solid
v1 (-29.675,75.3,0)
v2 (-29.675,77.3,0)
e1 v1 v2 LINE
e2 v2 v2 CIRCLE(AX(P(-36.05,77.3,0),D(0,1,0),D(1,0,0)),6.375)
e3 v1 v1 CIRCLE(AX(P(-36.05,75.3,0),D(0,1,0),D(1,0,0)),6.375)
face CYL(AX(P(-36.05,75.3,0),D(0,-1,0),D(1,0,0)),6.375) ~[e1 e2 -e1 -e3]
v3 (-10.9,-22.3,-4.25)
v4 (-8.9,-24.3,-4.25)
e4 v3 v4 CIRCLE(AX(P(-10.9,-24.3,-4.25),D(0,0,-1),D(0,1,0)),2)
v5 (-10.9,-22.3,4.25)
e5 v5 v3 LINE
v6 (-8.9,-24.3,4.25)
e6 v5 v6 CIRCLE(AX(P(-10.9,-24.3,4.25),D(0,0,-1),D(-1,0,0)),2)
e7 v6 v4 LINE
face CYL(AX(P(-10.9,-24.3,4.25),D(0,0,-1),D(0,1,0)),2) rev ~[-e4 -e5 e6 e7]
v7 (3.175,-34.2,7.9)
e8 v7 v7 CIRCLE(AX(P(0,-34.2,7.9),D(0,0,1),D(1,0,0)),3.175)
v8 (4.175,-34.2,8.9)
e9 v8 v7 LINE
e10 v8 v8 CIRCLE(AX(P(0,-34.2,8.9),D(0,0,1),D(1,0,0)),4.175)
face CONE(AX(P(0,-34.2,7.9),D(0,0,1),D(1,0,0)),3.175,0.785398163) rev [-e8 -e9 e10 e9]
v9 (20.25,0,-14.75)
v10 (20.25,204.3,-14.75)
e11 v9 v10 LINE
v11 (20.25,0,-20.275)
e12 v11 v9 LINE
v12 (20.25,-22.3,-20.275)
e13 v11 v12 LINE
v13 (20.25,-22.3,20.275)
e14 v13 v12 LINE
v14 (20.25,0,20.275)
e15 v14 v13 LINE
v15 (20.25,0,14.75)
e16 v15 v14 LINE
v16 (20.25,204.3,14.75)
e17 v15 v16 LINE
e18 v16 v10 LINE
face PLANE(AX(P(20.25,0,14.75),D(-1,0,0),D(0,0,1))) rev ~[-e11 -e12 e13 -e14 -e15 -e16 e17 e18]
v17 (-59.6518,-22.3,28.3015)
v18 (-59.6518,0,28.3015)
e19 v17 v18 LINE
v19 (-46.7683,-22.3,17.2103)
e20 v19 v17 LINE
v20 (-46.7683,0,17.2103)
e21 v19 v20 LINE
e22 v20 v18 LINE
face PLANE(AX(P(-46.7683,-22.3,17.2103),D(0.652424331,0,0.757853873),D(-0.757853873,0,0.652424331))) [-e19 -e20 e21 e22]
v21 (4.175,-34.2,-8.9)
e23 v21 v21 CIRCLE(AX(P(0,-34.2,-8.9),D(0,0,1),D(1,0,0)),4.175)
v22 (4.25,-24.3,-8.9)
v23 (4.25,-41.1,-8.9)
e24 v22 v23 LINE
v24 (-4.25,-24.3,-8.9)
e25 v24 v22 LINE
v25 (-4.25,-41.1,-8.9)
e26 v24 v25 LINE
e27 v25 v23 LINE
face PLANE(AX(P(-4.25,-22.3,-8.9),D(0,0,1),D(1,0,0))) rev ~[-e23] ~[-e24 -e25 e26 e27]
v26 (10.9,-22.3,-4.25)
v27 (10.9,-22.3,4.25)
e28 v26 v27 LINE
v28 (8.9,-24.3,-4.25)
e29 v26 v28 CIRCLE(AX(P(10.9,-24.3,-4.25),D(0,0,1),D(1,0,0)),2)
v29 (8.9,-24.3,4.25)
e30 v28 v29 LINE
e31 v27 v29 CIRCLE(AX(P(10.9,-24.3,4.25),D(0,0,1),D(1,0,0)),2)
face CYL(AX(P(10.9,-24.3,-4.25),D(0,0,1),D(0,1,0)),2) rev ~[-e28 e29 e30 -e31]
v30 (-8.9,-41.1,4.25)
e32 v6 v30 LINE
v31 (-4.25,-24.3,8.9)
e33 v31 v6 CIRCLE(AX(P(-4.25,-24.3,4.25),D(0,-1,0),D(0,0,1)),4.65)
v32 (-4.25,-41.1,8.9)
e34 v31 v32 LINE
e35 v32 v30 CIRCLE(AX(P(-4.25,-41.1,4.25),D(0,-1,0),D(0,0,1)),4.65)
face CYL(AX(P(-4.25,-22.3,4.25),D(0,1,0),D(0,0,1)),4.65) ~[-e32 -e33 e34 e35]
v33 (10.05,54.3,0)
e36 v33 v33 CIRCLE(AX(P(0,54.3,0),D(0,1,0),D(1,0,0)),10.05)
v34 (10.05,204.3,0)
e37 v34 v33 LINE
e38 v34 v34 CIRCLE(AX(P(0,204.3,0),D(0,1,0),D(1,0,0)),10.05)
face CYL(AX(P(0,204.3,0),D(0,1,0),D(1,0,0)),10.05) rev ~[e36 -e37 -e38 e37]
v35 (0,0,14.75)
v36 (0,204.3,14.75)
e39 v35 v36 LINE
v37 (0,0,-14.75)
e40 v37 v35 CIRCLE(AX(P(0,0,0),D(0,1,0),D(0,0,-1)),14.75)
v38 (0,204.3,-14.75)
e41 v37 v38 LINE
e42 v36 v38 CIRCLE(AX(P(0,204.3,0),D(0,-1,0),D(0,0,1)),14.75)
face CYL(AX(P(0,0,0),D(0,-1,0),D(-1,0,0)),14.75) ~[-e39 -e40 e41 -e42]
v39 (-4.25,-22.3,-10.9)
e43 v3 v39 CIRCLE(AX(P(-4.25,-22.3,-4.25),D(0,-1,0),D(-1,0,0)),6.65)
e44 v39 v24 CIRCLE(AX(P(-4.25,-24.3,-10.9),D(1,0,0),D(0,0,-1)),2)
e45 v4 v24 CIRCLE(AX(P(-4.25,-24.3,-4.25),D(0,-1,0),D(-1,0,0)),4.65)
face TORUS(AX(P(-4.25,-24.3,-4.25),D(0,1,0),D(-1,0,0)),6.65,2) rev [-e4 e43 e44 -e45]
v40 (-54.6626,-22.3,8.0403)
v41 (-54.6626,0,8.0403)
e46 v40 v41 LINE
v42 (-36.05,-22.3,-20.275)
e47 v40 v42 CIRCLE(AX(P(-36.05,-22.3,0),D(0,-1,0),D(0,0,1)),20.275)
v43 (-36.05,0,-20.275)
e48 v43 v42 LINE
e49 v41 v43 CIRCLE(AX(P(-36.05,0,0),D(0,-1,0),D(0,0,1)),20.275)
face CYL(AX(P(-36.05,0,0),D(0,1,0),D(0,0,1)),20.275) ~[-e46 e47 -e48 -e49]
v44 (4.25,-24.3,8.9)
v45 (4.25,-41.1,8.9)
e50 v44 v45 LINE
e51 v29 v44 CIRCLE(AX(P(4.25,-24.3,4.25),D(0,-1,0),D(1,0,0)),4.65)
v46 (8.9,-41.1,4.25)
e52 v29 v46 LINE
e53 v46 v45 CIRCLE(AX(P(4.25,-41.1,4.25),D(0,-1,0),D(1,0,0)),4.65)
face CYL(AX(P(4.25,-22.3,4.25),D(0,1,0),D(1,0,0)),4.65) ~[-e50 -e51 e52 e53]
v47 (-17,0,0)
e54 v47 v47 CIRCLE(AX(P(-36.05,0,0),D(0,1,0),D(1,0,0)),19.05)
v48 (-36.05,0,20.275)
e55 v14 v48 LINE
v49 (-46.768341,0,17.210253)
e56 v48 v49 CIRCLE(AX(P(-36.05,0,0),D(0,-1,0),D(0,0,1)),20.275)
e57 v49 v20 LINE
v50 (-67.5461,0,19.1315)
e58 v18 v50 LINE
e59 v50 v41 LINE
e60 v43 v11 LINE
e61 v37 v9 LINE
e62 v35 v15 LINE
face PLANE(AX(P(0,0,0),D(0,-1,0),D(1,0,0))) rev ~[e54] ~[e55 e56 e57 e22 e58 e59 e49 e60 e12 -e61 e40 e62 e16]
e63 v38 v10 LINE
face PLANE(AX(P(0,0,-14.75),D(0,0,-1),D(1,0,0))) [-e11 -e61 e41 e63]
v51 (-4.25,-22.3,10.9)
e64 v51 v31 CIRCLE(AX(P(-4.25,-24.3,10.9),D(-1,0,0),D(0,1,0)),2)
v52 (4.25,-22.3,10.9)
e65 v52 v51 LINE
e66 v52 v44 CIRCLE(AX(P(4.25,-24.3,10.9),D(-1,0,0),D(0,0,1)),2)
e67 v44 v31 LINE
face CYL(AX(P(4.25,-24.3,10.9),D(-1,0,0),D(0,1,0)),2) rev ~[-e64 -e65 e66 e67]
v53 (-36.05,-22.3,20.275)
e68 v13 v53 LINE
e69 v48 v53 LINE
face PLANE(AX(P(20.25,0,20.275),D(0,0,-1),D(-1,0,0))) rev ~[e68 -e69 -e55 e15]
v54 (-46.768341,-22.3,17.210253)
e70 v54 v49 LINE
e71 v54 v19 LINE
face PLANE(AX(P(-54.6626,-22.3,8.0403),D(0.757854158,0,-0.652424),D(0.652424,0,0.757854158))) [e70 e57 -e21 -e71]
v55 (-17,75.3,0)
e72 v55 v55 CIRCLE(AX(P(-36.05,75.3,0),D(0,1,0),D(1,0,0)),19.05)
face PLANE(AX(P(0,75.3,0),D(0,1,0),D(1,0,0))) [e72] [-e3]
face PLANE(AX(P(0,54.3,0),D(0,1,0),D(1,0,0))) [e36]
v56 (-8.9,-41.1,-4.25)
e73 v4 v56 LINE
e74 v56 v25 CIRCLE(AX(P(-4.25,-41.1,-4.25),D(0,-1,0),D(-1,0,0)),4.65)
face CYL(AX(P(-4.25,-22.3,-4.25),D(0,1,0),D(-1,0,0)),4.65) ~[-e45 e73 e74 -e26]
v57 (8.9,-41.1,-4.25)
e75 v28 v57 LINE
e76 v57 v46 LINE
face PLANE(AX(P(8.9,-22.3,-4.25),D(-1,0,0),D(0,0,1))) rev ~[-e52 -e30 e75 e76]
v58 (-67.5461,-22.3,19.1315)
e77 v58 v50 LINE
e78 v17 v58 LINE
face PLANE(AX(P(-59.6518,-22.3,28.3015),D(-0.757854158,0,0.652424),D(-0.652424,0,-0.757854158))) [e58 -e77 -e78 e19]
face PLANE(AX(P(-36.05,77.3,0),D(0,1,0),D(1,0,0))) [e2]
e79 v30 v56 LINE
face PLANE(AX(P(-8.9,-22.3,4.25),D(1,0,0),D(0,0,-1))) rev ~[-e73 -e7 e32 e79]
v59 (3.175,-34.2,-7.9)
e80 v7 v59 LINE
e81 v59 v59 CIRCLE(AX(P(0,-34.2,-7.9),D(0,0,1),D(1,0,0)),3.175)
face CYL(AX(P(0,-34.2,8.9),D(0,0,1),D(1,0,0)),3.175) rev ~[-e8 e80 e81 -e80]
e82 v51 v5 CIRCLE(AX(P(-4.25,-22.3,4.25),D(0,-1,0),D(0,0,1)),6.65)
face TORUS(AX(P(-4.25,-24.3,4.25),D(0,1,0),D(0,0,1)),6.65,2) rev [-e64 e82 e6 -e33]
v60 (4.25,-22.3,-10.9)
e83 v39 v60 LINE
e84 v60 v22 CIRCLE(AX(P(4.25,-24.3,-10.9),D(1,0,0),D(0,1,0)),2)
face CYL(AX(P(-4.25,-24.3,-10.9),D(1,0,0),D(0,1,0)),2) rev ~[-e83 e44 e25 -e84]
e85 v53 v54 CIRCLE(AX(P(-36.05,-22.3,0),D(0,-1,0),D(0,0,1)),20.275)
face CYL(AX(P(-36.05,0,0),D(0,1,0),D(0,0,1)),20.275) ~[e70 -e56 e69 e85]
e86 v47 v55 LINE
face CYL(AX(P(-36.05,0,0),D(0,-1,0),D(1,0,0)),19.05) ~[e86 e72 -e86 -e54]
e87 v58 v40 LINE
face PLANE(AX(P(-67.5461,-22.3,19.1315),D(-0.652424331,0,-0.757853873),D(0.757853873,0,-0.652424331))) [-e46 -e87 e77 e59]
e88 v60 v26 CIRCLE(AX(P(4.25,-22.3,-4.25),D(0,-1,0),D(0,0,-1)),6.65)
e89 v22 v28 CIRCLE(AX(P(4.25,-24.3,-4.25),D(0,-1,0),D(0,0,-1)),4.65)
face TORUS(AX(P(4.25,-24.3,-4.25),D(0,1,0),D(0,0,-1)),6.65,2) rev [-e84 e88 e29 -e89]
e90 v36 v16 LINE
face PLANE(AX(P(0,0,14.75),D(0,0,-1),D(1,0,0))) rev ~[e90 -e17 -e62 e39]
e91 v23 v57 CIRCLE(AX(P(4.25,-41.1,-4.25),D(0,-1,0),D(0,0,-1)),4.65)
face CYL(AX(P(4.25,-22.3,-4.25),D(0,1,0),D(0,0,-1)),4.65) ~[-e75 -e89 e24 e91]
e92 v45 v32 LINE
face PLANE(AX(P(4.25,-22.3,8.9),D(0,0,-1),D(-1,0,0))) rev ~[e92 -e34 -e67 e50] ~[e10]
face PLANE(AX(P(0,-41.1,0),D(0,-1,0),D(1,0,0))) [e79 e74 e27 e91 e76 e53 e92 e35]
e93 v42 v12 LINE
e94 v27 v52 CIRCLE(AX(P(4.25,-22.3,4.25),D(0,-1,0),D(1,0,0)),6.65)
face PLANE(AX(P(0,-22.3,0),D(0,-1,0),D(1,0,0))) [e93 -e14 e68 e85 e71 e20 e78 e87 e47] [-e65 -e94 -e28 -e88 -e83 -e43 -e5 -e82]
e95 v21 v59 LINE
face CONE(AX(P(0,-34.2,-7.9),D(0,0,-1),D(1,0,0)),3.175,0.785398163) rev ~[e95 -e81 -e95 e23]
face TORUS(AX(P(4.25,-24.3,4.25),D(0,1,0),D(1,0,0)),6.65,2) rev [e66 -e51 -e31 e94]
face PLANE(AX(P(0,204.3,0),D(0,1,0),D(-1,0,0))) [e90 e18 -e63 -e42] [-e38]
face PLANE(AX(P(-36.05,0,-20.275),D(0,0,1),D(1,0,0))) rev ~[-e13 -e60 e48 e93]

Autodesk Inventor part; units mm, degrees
ref_plane "YZ Plane" through (0, 0, 0) normal (1, 0, 0) x (0, 1, 0)
ref_plane "XZ Plane" through (0, 0, 0) normal (0, 1, 0) x (-1, 0, 0)
ref_plane "XY Plane" through (0, 0, 0) normal (0, 0, 1) x (1, 0, 0)
sketch "Sketch1" plane through (0, 0, 0) normal (0, 1, 0) x (-1, 0, 0)
  circle A0 centre (0, 0) radius 14.75
  line L0 (-20.25, 14.75) -> (-20.25, -14.75)
  line L1 (0, 14.75) -> (-20.25, 14.75)
  line L2 (0, -14.75) -> (-20.25, -14.75)
  point P0 (14.75, 0)
  dimension "d0" = 29.5
  dimension "d1" = 35
extrude "Extrusion1" add sketch "Sketch1" along normal blind 204.3
sketch "Sketch2" plane through (0, 0, 0) normal (0, -1, 0) x (1, 0, 0)
  line L0 (20.25, 20.275) -> (-36.05, 20.275)
  line L1 (-55.3, 6.365) -> (-55.3, 0) construction
  line L2 (-36.05, -20.275) -> (20.25, -20.275)
  line L3 (20.25, -20.275) -> (20.25, 20.275)
  line L4 (20.25, 14.75) -> (20.25, -14.75) projected
  line L5 (0, 0) -> (18.4964, 0) construction
  circle A0 centre (-36.05, 0) radius 19.25 construction
  arc A1 (-36.05, 20.275) -> (-36.05, -20.275) centre (-36.05, 0) ccw
  dimension "d6" = 38.5
  dimension "d4" = 40.55
  dimension "d5" = 75.55
extrude "Extrusion2" add sketch "Sketch2" along normal blind 22.3
sketch "Sketch3" plane through (0, 204.3, 0) normal (0, 1, 0) x (1, 0, 0)
  arc A0 (0, 14.75) -> (0, -14.75) centre (0, 0) ccw projected
  circle A1 centre (0, 0) radius 10.05
  dimension "d9" = 20.1
extrude "Extrusion3" cut sketch "Sketch3" against normal blind 150
sketch "Sketch4" plane through (0, 0, 0) normal (0, 1, 0) x (1, 0, 0)
  circle A0 centre (-36.05, 0) radius 19.05
  arc A1 (-36.05, 20.275) -> (-36.05, -20.275) centre (-36.05, 0) ccw projected
  point P0 (0, 0)
  dimension "d12" = 38.1
extrude "Extrusion4" add sketch "Sketch4" along normal blind 75.3
sketch "Sketch5" plane through (-36.05, 75.3, 0) normal (0, 1, 0) x (1, 0, 0)
  circle A0 centre (0, 0) radius 6.375
  circle A1 centre (0, 0) radius 19.05 projected
  point P0 (36.05, 0)
  dimension "d15" = 12.75
extrude "Extrusion5" add sketch "Sketch5" along normal blind 2 contours A0
sketch "Sketch6" plane through (0, -22.3, 0) normal (0, -1, 0) x (1, 0, 0)
  circle A0 centre (0, 0) radius 10.05 construction
  line L0 (-8.9, -8.9) -> (8.9, -8.9)
  line L1 (8.9, -8.9) -> (8.9, 8.9)
  line L2 (8.9, 8.9) -> (-8.9, 8.9)
  line L3 (-8.9, 8.9) -> (-8.9, -8.9)
  line L4 (-8.9, -8.9) -> (8.9, 8.9) construction
  line L5 (8.9, -8.9) -> (-8.9, 8.9) construction
  arc A1 (-4.25, 8.9) -> (-8.9, 4.25) centre (-4.25, 4.25) ccw
  arc A2 (-8.9, -4.25) -> (-4.25, -8.9) centre (-4.25, -4.25) ccw
  arc A3 (4.25, -8.9) -> (8.9, -4.25) centre (4.25, -4.25) ccw
  arc A4 (8.9, 4.25) -> (4.25, 8.9) centre (4.25, 4.25) ccw
  point P0 (4.25, 8.9)
  point P1 (-4.25, -8.9)
  point P2 (8.9, -4.25)
  dimension "d18" = 17.8
  dimension "d19" = 17.8
  dimension "d22" = 360
  dimension "d24" = 8.5
extrude "Extrusion6" add sketch "Sketch6" along normal blind 18.8 contours A2 L3 A1 L2 A4 L1 A3 L0
fillet "Fillet1" radius 2 8 edges at (7.538, -22.3, 7.538) (8.9, -22.3, 0) (7.538, -22.3, -7.538) (0, -22.3, -8.9) (-7.538, -22.3, -7.538) (-8.9, -22.3, 0) (-7.538, -22.3, 7.538) (0, -22.3, 8.9)
sketch "Sketch7" plane through (-4.25, -41.1, 8.9) normal (0, 0, 1) x (1, 0, 0)
  circle A0 centre (4.25, 6.9) radius 3.175
  line L0 (8.5, 0) -> (0, 0) projected
  point P0 (4.25, 41.1)
  point P1 (4.25, 0)
  dimension "d28" = 6.9
  dimension "d29" = 6.35
extrude "Extrusion7" cut sketch "Sketch7" against normal through all
chamfer "Chamfer1" distance 1 angle 45 2 edges at (-3.175, -34.2, 8.9) (-3.175, -34.2, -8.9)
sketch "Sketch8" plane through (0, -22.3, 0) normal (0, -1, 0) x (1, 0, 0)
  line L0 (-50.7155, 14) -> (-50.7155, -14) construction
  arc A0 (-36.05, 20.275) -> (-36.05, -20.275) centre (-36.05, 0) ccw construction
  line L1 (-54.6626, 8.0403) -> (-46.7683, 17.2103)
  line L2 (-46.7683, 17.2103) -> (-59.6518, 28.3015)
  line L3 (-59.6518, 28.3015) -> (-67.5461, 19.1315)
  line L4 (-67.5461, 19.1315) -> (-54.6626, 8.0403)
  point P0 (0, 0)
  point P1 (-50.7155, 12.6253)
  dimension "d35" = 28
  dimension "d36" = 17
  dimension "d37" = 12.1
extrude "Extrusion8" add sketch "Sketch8" against normal up to surface (22.3 mm away)
properties part number "linear actuator"
